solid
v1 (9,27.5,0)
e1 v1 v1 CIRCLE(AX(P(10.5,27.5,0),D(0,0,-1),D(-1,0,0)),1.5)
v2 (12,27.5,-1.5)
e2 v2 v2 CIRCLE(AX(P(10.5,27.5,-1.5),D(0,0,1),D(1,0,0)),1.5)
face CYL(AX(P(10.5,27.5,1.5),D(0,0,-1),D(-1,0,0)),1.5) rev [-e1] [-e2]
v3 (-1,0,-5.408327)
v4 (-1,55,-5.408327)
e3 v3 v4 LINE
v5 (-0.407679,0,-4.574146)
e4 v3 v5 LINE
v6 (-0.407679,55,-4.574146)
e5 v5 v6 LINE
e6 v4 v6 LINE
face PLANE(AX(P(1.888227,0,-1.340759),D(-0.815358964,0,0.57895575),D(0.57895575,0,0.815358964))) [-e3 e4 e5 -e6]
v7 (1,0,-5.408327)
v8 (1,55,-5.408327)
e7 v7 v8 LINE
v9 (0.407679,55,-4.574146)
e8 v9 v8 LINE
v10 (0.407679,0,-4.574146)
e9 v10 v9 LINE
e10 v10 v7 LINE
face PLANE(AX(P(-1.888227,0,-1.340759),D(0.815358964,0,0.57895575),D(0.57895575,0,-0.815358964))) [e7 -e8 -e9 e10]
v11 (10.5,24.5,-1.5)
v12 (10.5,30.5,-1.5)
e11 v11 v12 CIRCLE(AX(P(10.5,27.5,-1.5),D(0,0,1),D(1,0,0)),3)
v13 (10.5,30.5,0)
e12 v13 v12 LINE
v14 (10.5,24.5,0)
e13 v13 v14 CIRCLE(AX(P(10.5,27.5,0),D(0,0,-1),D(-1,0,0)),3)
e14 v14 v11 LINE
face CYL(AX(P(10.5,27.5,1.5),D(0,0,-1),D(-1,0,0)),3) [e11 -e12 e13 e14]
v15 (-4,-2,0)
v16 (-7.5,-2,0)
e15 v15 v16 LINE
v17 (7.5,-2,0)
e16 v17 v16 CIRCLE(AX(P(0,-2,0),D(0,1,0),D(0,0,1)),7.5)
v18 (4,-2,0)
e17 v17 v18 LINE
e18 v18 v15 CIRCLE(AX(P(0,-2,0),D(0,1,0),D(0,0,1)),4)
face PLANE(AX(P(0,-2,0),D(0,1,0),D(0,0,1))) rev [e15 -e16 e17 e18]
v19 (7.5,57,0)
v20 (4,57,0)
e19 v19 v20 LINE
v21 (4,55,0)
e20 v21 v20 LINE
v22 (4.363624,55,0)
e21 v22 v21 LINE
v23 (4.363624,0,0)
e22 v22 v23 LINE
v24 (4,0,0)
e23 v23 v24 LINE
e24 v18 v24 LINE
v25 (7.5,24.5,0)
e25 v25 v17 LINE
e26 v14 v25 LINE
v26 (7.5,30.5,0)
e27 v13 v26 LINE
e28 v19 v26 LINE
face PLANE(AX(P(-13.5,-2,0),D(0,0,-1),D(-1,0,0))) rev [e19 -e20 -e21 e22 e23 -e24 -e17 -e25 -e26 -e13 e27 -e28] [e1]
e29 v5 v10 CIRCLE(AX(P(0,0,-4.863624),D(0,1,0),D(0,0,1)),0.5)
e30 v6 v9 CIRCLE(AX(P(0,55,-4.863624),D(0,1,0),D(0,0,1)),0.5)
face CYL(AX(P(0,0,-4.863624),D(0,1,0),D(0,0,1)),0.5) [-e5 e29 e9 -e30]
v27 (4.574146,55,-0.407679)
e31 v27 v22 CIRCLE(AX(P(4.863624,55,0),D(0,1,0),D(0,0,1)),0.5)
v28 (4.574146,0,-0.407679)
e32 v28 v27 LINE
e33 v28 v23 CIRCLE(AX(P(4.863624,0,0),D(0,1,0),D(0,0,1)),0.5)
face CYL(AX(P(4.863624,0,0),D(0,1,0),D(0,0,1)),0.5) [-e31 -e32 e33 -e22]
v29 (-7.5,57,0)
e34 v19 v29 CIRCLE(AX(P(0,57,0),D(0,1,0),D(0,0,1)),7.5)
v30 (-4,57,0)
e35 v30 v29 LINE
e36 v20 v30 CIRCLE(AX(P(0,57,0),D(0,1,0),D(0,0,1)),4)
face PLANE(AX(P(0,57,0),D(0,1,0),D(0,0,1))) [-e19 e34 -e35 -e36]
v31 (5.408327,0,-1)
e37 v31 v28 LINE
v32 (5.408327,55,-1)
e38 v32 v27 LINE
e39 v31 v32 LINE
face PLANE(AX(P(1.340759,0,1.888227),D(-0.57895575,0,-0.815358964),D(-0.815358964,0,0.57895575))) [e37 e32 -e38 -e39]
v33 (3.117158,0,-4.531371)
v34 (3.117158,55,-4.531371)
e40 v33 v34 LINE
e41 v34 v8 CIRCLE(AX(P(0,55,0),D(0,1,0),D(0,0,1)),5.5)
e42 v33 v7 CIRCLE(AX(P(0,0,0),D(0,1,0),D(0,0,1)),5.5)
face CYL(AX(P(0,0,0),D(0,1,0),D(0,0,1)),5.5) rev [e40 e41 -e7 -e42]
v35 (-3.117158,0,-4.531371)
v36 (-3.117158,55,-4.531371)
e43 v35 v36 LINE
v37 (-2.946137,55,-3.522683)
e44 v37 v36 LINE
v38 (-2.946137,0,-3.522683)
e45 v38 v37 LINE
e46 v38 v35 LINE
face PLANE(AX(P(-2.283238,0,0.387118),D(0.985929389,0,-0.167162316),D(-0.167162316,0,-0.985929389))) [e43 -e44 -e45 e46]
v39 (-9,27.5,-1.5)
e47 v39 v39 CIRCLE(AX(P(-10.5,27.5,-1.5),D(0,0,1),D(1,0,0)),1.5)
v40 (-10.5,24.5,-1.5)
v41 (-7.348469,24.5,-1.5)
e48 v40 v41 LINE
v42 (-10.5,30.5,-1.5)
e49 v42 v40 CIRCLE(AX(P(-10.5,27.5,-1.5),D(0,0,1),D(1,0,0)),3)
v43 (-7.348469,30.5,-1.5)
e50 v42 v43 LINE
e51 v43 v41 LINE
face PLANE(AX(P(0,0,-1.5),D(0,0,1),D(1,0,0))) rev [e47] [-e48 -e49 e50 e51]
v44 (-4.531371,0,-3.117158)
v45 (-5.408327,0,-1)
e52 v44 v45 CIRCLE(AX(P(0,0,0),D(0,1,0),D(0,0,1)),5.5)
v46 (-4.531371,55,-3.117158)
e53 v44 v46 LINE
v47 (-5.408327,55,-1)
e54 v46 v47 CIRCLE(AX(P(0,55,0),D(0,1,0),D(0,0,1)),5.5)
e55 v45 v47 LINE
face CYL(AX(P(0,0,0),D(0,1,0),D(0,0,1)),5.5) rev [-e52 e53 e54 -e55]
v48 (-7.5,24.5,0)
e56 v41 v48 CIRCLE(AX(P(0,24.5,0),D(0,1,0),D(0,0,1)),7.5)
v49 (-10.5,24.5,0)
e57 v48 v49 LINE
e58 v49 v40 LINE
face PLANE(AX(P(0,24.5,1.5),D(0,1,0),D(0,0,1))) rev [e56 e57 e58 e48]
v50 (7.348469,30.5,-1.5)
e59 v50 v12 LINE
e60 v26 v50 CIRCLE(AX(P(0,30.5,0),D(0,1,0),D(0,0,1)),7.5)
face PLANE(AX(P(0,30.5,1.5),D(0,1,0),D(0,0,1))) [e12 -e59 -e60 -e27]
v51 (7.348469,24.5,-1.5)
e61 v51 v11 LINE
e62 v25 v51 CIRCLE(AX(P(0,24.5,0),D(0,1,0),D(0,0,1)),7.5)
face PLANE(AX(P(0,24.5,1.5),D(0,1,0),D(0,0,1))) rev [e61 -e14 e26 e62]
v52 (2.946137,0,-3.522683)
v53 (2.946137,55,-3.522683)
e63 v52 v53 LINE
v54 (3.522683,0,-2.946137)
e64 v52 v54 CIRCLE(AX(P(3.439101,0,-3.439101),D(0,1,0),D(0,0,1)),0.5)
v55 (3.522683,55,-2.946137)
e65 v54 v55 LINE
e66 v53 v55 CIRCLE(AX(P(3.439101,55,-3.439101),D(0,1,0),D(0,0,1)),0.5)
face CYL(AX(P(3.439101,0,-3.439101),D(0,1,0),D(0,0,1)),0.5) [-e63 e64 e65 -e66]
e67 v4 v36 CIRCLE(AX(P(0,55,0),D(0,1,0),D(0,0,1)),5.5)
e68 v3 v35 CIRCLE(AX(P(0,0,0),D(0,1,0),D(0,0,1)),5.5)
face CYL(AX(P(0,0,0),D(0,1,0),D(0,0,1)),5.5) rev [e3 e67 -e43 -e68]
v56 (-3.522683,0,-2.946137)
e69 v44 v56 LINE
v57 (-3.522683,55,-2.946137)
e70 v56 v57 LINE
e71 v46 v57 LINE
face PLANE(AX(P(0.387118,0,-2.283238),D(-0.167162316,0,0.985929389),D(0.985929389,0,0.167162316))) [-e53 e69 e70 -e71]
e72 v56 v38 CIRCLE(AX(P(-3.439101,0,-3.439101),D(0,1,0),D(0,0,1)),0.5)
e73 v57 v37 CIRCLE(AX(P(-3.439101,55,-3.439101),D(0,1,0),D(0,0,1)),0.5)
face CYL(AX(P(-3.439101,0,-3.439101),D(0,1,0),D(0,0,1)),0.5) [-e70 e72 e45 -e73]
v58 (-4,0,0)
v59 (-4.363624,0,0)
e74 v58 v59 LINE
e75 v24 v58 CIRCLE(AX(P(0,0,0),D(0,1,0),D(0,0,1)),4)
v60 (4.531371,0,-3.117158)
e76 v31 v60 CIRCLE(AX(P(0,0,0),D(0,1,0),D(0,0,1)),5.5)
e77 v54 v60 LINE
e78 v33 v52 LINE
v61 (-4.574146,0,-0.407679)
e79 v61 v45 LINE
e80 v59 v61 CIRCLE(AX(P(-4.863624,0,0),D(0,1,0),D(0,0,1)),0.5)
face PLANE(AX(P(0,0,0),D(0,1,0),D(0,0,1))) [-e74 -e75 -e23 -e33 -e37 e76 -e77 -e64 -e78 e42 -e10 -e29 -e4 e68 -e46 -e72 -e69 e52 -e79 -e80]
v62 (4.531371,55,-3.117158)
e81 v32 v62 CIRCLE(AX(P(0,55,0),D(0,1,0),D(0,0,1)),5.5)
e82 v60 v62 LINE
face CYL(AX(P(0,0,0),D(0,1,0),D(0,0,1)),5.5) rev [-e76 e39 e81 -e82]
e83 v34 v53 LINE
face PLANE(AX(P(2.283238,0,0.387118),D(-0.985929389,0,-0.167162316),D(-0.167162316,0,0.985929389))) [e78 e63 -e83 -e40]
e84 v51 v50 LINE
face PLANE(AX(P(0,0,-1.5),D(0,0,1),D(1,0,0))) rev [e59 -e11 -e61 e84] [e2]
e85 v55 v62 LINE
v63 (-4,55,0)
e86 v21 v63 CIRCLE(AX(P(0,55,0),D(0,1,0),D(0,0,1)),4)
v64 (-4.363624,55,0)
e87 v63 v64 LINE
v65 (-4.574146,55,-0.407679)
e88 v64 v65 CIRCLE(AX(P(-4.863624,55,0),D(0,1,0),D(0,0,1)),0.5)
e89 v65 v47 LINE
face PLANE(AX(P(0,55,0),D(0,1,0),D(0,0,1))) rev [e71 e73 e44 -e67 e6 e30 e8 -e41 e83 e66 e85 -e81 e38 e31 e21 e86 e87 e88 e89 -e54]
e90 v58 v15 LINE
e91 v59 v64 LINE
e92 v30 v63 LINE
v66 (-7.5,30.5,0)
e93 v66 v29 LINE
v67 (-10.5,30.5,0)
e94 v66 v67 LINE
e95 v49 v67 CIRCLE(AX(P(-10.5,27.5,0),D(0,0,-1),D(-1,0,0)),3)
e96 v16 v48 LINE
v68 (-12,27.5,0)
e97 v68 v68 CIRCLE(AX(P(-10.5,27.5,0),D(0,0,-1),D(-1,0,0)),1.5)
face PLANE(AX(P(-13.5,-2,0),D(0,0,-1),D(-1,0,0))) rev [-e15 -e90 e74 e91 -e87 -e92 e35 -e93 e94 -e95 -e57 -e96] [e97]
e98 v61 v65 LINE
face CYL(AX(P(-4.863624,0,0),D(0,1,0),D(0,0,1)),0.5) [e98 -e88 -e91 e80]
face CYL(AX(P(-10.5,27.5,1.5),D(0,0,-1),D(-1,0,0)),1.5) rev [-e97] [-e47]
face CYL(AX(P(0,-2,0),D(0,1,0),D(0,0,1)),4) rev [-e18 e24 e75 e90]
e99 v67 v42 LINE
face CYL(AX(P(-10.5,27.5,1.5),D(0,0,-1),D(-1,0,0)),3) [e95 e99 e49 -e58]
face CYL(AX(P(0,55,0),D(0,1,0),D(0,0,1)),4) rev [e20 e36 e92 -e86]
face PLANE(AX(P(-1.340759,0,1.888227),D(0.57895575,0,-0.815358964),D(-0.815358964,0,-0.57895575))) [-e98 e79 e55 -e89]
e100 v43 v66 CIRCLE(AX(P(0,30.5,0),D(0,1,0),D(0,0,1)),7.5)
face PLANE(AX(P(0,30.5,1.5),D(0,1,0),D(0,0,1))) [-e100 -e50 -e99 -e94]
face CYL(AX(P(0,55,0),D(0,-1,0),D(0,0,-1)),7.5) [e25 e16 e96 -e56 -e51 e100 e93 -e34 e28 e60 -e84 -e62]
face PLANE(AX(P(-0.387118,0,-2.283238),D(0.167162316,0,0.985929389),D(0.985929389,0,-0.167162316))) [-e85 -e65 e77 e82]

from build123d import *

# Parameters (mm, degrees)
SKETCH1_R               = 7.5
BOSS_EXTRUDE1_DEPTH     = 55
CUT_EXTRUDE2_DEPTH      = 57.013391256
SKETCH4_R               = 7.5
SKETCH4_R_2             = 4
BOSS_EXTRUDE2_DEPTH     = 2
LPATTERN1_COUNT         = 2
LPATTERN1_PITCH         = 57
SKETCH6_R               = 3
SKETCH6_R_2             = 1.5
BOSS_EXTRUDE3_DEPTH     = 1.5
SKETCH7_W               = 27
SKETCH7_H               = 7.5
CUT_EXTRUDE3_DEPTH      = 60.055059055
CUT_EXTRUDE3_DEPTH_BACK = 60.055059055


with BuildPart() as part:
    # Sketch1 → Boss-Extrude1 (new body)
    with BuildSketch(Plane(origin=(0, 0, 0), x_dir=(1, 0, 0), z_dir=(0, 1, 0))):
        with Locations(Location((0, 0, 0), (0, 0, 270))):
            Circle(SKETCH1_R)
    extrude(amount=BOSS_EXTRUDE1_DEPTH)

    # Sketch3 → Cut-Extrude2 (cut, through all)
    with BuildSketch(Plane(origin=(0, 55, 0), x_dir=(1, 0, 0), z_dir=(0, 1, 0))):
        with BuildLine():
            Line((-0.407679482, 4.574145986), (-1, 5.408326913))
            ThreePointArc((-1, 5.408326913), (-2.104758878, 5.081337429), (-3.117157854, 4.531371416))
            Line((-3.117157854, 4.531371416), (-2.946136719, 3.522682571))
            ThreePointArc((-2.946136719, 3.522682571), (-3.085548023, 3.085548023), (-3.522682571, 2.946136719))
            Line((-3.522682571, 2.946136719), (-4.531371416, 3.117157854))
            ThreePointArc((-4.531371416, 3.117157854), (-5.081337429, 2.104758878), (-5.408326913, 1))
            Line((-5.408326913, 1), (-4.574145986, 0.407679482))
            ThreePointArc((-4.574145986, 0.407679482), (-4.363623861, 0), (-4.574145986, -0.407679482))
            Line((-4.574145986, -0.407679482), (-5.408326913, -1))
            ThreePointArc((-5.408326913, -1), (-5.081337429, -2.104758878), (-4.531371416, -3.117157854))
            Line((-4.531371416, -3.117157854), (-3.522682571, -2.946136719))
            ThreePointArc((-3.522682571, -2.946136719), (-3.085548023, -3.085548023), (-2.946136719, -3.522682571))
            Line((-2.946136719, -3.522682571), (-3.117157854, -4.531371416))
            ThreePointArc((-3.117157854, -4.531371416), (-2.104758878, -5.081337429), (-1, -5.408326913))
            Line((-1, -5.408326913), (-0.407679482, -4.574145986))
            ThreePointArc((-0.407679482, -4.574145986), (0, -4.363623861), (0.407679482, -4.574145986))
            Line((0.407679482, -4.574145986), (1, -5.408326913))
            ThreePointArc((1, -5.408326913), (2.104758878, -5.081337429), (3.117157854, -4.531371416))
            Line((3.117157854, -4.531371416), (2.946136719, -3.522682571))
            ThreePointArc((2.946136719, -3.522682571), (3.085548023, -3.085548023), (3.522682571, -2.946136719))
            Line((3.522682571, -2.946136719), (4.531371416, -3.117157854))
            ThreePointArc((4.531371416, -3.117157854), (5.081337429, -2.104758878), (5.408326913, -1))
            Line((5.408326913, -1), (4.574145986, -0.407679482))
            ThreePointArc((4.574145986, -0.407679482), (4.363623861, 0), (4.574145986, 0.407679482))
            Line((4.574145986, 0.407679482), (5.408326913, 1))
            ThreePointArc((5.408326913, 1), (5.081337429, 2.104758878), (4.531371416, 3.117157854))
            Line((4.531371416, 3.117157854), (3.522682571, 2.946136719))
            ThreePointArc((3.522682571, 2.946136719), (3.085548023, 3.085548023), (2.946136719, 3.522682571))
            Line((2.946136719, 3.522682571), (3.117157854, 4.531371416))
            ThreePointArc((3.117157854, 4.531371416), (2.104758878, 5.081337429), (1, 5.408326913))
            Line((1, 5.408326913), (0.407679482, 4.574145986))
            ThreePointArc((0.407679482, 4.574145986), (0, 4.363623861), (-0.407679482, 4.574145986))
        make_face()
    extrude(amount=-CUT_EXTRUDE2_DEPTH, mode=Mode.SUBTRACT)

    # Sketch4 → Boss-Extrude2 (add)
    with BuildSketch(Plane(origin=(0, 0, 0), x_dir=(1, 0, 0), z_dir=(0, 1, 0))):
        with Locations(Location((0, 0, 0), (0, 0, 270))):
            Circle(SKETCH4_R)
        with Locations(Location((0, 0, 0), (0, 0, 270))):
            Circle(SKETCH4_R_2, mode=Mode.SUBTRACT)
    boss_extrude2 = extrude(amount=-BOSS_EXTRUDE2_DEPTH)

    # LPattern1: Boss-Extrude2 ×2
    with Locations(*[(0, i * LPATTERN1_PITCH, 0) for i in range(1, LPATTERN1_COUNT)]):
        add(boss_extrude2)

    # Sketch6 → Boss-Extrude3 (add, symmetric)
    with BuildSketch(Plane.XY):
        with BuildLine():
            Line((-6, 24.5), (-6, 30.5))
            Line((-6, 30.5), (-10.5, 30.5))
            ThreePointArc((-10.5, 30.5), (-8.378679656, 29.621320344), (-7.5, 27.5))
            ThreePointArc((-7.5, 27.5), (-8.378679656, 25.378679656), (-10.5, 24.5))
            Line((-10.5, 24.5), (-6, 24.5))
        make_face()
        with BuildLine():
            Line((10.5, 30.5), (6, 30.5))
            Line((6, 30.5), (6, 24.5))
            Line((6, 24.5), (10.499999991, 24.5))
            ThreePointArc((10.499999991, 24.5), (7.5, 27.500000005), (10.5, 30.5))
        make_face()
        with Locations((10.5, 27.5)):
            Circle(SKETCH6_R)
        with Locations((10.5, 27.5)):
            Circle(SKETCH6_R_2, mode=Mode.SUBTRACT)
        with Locations((-10.5, 27.5)):
            Circle(SKETCH6_R)
        with Locations((-10.5, 27.5)):
            Circle(SKETCH6_R_2, mode=Mode.SUBTRACT)
    extrude(amount=BOSS_EXTRUDE3_DEPTH, both=True)

    # Sketch7 → Cut-Extrude3 (cut, two sides)
    with BuildSketch(Plane(origin=(0, 0, 0), x_dir=(1, 0, 0), z_dir=(0, 1, 0))) as cut_extrude3_sk:
        with Locations((0, -3.75)):
            Rectangle(SKETCH7_W, SKETCH7_H)
    extrude(amount=CUT_EXTRUDE3_DEPTH, mode=Mode.SUBTRACT)
    extrude(cut_extrude3_sk.sketch, amount=-CUT_EXTRUDE3_DEPTH_BACK, mode=Mode.SUBTRACT)


solid = part.part
